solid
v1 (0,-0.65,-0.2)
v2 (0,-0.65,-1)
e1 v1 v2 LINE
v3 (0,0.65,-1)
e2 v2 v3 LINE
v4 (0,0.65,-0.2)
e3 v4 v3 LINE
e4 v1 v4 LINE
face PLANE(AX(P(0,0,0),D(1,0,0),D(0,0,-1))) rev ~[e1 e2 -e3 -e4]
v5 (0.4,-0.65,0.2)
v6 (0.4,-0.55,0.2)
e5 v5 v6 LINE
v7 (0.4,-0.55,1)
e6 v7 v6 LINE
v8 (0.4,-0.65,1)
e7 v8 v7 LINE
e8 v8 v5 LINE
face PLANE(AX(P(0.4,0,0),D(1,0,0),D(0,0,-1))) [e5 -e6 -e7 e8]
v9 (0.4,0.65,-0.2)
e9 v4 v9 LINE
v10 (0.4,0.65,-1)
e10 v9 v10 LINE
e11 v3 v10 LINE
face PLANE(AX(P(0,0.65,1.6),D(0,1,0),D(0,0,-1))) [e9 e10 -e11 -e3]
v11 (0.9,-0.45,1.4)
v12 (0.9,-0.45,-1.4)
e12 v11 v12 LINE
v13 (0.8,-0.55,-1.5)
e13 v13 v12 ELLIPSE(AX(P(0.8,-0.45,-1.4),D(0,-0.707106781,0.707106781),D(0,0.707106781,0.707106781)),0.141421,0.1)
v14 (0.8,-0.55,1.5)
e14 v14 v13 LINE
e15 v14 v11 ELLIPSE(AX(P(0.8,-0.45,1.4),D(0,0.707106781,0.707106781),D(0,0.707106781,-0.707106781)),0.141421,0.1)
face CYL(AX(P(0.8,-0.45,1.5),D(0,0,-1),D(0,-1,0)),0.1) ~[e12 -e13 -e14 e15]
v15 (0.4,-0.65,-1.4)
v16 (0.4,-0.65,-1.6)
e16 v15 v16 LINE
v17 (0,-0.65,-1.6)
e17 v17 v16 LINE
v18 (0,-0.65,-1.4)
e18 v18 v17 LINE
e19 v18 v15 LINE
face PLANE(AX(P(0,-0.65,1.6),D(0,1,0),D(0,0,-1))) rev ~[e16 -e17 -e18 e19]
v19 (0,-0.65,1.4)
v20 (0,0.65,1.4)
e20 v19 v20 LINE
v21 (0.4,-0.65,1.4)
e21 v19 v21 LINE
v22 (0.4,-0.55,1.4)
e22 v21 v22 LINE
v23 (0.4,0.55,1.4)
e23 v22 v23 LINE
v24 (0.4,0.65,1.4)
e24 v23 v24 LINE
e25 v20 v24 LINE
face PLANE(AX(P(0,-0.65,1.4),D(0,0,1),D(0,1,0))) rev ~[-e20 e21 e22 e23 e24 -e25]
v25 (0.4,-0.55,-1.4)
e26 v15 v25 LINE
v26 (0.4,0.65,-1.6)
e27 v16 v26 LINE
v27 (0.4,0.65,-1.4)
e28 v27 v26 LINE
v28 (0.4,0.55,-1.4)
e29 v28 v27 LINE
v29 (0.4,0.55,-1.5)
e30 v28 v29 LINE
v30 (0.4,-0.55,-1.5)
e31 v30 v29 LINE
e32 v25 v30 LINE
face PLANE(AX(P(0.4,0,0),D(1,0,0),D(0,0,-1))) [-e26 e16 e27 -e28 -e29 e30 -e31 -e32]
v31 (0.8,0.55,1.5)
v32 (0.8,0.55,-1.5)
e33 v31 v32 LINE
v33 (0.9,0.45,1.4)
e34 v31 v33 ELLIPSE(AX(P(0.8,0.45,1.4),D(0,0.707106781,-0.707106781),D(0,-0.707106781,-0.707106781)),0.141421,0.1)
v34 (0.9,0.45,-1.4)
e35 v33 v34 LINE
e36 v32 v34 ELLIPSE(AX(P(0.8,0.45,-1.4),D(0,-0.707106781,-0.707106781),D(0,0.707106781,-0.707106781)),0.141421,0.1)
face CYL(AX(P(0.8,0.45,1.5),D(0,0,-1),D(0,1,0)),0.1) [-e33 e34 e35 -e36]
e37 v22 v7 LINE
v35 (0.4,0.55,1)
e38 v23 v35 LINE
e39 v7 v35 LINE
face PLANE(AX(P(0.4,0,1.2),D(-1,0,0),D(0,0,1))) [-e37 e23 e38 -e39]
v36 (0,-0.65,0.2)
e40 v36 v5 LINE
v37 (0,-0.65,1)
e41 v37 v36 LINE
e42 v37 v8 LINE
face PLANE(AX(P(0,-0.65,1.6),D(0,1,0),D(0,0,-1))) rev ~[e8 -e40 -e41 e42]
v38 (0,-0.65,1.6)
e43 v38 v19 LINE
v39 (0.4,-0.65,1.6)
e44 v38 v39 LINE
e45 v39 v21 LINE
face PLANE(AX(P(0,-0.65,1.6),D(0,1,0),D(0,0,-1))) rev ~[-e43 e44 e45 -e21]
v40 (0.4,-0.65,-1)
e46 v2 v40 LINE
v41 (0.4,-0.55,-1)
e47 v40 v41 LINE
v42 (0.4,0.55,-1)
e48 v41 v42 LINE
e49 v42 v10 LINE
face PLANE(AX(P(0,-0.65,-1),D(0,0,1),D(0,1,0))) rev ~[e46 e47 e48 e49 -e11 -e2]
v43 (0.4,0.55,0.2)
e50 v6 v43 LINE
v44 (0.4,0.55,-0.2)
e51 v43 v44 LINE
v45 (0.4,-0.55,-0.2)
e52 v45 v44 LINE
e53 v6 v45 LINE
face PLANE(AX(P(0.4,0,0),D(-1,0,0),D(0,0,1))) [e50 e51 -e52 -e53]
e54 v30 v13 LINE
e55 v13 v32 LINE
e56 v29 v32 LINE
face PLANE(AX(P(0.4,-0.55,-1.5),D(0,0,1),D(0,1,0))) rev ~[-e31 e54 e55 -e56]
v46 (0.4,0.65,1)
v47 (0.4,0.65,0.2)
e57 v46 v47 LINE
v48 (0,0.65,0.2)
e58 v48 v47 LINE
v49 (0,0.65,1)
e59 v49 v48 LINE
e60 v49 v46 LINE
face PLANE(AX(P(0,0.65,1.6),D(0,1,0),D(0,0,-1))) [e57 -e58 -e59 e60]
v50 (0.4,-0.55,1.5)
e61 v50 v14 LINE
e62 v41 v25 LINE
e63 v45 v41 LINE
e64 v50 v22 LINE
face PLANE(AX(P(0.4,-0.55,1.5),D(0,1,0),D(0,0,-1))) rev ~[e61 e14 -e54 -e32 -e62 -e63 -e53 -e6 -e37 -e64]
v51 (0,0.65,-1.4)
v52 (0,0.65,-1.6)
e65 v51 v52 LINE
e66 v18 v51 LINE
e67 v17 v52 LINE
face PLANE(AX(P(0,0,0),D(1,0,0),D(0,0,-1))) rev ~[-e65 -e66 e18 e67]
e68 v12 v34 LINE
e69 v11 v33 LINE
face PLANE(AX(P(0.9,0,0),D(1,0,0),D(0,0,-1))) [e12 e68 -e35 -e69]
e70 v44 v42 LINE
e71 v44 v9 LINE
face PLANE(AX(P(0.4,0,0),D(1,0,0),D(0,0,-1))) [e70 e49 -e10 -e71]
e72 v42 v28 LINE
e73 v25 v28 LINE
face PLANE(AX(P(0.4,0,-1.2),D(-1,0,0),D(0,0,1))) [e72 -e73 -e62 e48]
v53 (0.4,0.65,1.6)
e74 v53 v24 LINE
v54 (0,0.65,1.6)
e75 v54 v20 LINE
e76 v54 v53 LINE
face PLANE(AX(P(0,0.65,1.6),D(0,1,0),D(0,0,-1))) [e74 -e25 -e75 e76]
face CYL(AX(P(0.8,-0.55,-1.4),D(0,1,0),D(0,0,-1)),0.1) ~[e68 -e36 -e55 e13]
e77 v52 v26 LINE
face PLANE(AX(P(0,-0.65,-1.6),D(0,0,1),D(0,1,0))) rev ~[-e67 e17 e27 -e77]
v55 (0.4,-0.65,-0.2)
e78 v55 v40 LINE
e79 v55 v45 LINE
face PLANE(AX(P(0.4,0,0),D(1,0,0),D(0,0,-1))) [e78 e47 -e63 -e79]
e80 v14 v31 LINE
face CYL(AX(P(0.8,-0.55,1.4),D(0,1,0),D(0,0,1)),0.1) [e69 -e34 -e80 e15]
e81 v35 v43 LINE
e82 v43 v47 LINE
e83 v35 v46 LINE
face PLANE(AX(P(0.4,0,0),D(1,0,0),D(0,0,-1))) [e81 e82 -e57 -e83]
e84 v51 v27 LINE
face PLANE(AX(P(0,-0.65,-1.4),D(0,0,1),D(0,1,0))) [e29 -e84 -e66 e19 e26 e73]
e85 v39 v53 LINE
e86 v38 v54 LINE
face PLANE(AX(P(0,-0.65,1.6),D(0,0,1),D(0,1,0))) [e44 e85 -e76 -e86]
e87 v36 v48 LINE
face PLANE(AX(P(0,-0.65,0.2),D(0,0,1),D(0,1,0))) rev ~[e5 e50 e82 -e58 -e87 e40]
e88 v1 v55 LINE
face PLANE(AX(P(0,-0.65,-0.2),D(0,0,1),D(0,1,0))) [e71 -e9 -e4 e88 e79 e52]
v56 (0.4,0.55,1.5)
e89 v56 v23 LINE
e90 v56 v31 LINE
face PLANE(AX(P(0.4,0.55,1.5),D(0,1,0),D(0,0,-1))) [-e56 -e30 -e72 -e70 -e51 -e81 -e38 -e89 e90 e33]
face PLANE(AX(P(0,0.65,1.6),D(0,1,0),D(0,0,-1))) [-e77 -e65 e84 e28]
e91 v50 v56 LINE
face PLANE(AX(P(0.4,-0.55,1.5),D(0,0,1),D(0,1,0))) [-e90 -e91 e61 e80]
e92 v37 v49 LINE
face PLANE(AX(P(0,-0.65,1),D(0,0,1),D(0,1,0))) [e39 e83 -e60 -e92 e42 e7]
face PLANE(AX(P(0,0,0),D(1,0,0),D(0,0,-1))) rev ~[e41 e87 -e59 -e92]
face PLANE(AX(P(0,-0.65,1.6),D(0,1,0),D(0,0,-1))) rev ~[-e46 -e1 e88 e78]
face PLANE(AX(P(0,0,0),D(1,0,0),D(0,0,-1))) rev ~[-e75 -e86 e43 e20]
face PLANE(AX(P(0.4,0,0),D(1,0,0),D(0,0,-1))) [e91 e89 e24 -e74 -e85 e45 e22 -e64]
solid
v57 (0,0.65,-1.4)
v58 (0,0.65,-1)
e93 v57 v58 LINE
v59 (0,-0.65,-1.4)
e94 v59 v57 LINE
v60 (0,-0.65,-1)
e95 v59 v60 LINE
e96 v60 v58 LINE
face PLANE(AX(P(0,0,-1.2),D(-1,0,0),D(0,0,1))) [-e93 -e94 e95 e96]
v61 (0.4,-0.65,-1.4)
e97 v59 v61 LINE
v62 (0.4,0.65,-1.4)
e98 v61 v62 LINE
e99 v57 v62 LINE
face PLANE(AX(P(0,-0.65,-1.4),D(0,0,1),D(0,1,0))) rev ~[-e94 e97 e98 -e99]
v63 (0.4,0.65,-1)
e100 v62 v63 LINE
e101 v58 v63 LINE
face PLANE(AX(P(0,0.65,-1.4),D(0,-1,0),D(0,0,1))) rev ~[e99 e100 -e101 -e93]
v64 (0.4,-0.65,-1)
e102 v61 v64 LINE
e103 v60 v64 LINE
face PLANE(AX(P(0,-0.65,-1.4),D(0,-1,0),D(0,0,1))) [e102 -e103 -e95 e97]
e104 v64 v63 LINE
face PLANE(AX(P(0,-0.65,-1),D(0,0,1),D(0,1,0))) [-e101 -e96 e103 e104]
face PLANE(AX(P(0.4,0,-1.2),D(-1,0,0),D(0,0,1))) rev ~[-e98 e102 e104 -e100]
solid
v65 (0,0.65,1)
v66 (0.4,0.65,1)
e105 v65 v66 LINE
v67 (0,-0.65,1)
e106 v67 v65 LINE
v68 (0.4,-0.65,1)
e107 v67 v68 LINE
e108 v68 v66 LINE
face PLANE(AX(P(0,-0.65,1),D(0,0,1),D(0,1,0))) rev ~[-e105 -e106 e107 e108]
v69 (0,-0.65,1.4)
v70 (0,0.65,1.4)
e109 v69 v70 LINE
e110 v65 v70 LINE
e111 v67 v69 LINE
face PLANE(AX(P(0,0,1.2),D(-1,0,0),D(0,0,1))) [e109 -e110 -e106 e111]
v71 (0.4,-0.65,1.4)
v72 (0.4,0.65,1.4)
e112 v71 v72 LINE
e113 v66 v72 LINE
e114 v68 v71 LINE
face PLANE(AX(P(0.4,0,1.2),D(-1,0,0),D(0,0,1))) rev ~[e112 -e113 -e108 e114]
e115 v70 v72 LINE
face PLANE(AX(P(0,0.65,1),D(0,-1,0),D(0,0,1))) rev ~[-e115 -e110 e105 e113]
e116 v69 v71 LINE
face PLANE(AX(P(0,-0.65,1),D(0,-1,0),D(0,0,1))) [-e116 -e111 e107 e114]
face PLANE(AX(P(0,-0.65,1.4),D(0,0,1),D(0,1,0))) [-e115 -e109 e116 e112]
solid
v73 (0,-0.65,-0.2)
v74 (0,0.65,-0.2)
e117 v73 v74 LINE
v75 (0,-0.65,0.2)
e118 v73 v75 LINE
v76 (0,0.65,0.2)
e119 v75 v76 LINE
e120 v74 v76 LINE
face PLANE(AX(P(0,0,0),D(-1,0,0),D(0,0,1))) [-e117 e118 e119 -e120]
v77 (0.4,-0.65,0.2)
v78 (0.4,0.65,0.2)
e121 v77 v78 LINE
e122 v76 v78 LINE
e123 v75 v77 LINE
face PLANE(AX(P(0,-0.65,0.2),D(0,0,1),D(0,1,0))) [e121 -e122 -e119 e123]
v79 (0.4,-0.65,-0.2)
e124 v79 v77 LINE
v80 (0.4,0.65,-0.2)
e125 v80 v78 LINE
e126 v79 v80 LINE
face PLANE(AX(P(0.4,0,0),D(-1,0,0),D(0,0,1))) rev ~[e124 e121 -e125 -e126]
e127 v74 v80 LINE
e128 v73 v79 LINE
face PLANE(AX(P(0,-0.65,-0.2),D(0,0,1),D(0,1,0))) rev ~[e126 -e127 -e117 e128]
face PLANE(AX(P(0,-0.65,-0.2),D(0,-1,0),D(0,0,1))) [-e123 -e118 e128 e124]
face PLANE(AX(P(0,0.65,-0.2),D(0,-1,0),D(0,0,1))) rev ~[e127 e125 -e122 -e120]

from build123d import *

# Parameters (mm, degrees)
SKETCH1_W             = 3.2
SKETCH1_H             = 1.3
BOSS_EXTRUDE1_DEPTH   = 0.4
SKETCH2_W             = 3
SKETCH2_H             = 1.1
BOSS_EXTRUDE2_DEPTH   = 0.5
SKETCH3_W             = 0.4
SKETCH3_H             = 1.3
CUT_EXTRUDE1_DEPTH    = 0.4
SKETCH3_2_W           = 0.4
SKETCH3_2_H           = 1.3
BOSS_EXTRUDE3_DEPTH   = 0.4
BOSS_EXTRUDE3_2_DEPTH = 0.4
BOSS_EXTRUDE3_3_DEPTH = 0.4
FILLET1_R             = 0.1


with BuildPart() as part:
    # Sketch1 → Boss-Extrude1 (new body)
    with BuildSketch(Plane(origin=(0, 0, 0), x_dir=(0, 0, -1), z_dir=(1, 0, 0))):
        Rectangle(SKETCH1_W, SKETCH1_H)
    extrude(amount=BOSS_EXTRUDE1_DEPTH)

    # Sketch2 → Boss-Extrude2 (add)
    with BuildSketch(Plane(origin=(0.4, 0, 0), x_dir=(0, 0, -1), z_dir=(1, 0, 0))):
        Rectangle(SKETCH2_W, SKETCH2_H)
    extrude(amount=BOSS_EXTRUDE2_DEPTH)

    # Sketch3 → Cut-Extrude1 (cut)
    with BuildSketch(Plane.ZY):
        with Locations((1.2, 0)):
            Rectangle(SKETCH3_W, SKETCH3_H)
        Rectangle(SKETCH3_W, SKETCH3_H)
        with Locations((-1.2, 0)):
            Rectangle(SKETCH3_W, SKETCH3_H)
    extrude(amount=-CUT_EXTRUDE1_DEPTH, mode=Mode.SUBTRACT)

    # Fillet1
    fillet1_edges = [part.edges().sort_by_distance(p)[0] for p in [
        (0.9, 0, -1.5),
        (0.9, 0.55, 0),
        (0.9, 0, 1.5),
        (0.9, -0.55, 0),
    ]]
    fillet(fillet1_edges, radius=FILLET1_R)


with BuildPart() as body_2:
    # Sketch3<2> → Boss-Extrude3 (new body)
    with BuildSketch(Plane.ZY):
        with Locations((1.2, 0)):
            Rectangle(SKETCH3_2_W, SKETCH3_2_H)
    extrude(amount=-BOSS_EXTRUDE3_DEPTH)


with BuildPart() as body_3:
    # Sketch3<2> → Boss-Extrude3 2 (new body)
    with BuildSketch(Plane.ZY):
        Rectangle(SKETCH3_2_W, SKETCH3_2_H)
    extrude(amount=-BOSS_EXTRUDE3_2_DEPTH)


with BuildPart() as body_4:
    # Sketch3<2> → Boss-Extrude3 3 (new body)
    with BuildSketch(Plane.ZY):
        with Locations((-1.2, 0)):
            Rectangle(SKETCH3_2_W, SKETCH3_2_H)
    extrude(amount=-BOSS_EXTRUDE3_3_DEPTH)


solid = Compound([part.part, body_2.part, body_3.part, body_4.part])
